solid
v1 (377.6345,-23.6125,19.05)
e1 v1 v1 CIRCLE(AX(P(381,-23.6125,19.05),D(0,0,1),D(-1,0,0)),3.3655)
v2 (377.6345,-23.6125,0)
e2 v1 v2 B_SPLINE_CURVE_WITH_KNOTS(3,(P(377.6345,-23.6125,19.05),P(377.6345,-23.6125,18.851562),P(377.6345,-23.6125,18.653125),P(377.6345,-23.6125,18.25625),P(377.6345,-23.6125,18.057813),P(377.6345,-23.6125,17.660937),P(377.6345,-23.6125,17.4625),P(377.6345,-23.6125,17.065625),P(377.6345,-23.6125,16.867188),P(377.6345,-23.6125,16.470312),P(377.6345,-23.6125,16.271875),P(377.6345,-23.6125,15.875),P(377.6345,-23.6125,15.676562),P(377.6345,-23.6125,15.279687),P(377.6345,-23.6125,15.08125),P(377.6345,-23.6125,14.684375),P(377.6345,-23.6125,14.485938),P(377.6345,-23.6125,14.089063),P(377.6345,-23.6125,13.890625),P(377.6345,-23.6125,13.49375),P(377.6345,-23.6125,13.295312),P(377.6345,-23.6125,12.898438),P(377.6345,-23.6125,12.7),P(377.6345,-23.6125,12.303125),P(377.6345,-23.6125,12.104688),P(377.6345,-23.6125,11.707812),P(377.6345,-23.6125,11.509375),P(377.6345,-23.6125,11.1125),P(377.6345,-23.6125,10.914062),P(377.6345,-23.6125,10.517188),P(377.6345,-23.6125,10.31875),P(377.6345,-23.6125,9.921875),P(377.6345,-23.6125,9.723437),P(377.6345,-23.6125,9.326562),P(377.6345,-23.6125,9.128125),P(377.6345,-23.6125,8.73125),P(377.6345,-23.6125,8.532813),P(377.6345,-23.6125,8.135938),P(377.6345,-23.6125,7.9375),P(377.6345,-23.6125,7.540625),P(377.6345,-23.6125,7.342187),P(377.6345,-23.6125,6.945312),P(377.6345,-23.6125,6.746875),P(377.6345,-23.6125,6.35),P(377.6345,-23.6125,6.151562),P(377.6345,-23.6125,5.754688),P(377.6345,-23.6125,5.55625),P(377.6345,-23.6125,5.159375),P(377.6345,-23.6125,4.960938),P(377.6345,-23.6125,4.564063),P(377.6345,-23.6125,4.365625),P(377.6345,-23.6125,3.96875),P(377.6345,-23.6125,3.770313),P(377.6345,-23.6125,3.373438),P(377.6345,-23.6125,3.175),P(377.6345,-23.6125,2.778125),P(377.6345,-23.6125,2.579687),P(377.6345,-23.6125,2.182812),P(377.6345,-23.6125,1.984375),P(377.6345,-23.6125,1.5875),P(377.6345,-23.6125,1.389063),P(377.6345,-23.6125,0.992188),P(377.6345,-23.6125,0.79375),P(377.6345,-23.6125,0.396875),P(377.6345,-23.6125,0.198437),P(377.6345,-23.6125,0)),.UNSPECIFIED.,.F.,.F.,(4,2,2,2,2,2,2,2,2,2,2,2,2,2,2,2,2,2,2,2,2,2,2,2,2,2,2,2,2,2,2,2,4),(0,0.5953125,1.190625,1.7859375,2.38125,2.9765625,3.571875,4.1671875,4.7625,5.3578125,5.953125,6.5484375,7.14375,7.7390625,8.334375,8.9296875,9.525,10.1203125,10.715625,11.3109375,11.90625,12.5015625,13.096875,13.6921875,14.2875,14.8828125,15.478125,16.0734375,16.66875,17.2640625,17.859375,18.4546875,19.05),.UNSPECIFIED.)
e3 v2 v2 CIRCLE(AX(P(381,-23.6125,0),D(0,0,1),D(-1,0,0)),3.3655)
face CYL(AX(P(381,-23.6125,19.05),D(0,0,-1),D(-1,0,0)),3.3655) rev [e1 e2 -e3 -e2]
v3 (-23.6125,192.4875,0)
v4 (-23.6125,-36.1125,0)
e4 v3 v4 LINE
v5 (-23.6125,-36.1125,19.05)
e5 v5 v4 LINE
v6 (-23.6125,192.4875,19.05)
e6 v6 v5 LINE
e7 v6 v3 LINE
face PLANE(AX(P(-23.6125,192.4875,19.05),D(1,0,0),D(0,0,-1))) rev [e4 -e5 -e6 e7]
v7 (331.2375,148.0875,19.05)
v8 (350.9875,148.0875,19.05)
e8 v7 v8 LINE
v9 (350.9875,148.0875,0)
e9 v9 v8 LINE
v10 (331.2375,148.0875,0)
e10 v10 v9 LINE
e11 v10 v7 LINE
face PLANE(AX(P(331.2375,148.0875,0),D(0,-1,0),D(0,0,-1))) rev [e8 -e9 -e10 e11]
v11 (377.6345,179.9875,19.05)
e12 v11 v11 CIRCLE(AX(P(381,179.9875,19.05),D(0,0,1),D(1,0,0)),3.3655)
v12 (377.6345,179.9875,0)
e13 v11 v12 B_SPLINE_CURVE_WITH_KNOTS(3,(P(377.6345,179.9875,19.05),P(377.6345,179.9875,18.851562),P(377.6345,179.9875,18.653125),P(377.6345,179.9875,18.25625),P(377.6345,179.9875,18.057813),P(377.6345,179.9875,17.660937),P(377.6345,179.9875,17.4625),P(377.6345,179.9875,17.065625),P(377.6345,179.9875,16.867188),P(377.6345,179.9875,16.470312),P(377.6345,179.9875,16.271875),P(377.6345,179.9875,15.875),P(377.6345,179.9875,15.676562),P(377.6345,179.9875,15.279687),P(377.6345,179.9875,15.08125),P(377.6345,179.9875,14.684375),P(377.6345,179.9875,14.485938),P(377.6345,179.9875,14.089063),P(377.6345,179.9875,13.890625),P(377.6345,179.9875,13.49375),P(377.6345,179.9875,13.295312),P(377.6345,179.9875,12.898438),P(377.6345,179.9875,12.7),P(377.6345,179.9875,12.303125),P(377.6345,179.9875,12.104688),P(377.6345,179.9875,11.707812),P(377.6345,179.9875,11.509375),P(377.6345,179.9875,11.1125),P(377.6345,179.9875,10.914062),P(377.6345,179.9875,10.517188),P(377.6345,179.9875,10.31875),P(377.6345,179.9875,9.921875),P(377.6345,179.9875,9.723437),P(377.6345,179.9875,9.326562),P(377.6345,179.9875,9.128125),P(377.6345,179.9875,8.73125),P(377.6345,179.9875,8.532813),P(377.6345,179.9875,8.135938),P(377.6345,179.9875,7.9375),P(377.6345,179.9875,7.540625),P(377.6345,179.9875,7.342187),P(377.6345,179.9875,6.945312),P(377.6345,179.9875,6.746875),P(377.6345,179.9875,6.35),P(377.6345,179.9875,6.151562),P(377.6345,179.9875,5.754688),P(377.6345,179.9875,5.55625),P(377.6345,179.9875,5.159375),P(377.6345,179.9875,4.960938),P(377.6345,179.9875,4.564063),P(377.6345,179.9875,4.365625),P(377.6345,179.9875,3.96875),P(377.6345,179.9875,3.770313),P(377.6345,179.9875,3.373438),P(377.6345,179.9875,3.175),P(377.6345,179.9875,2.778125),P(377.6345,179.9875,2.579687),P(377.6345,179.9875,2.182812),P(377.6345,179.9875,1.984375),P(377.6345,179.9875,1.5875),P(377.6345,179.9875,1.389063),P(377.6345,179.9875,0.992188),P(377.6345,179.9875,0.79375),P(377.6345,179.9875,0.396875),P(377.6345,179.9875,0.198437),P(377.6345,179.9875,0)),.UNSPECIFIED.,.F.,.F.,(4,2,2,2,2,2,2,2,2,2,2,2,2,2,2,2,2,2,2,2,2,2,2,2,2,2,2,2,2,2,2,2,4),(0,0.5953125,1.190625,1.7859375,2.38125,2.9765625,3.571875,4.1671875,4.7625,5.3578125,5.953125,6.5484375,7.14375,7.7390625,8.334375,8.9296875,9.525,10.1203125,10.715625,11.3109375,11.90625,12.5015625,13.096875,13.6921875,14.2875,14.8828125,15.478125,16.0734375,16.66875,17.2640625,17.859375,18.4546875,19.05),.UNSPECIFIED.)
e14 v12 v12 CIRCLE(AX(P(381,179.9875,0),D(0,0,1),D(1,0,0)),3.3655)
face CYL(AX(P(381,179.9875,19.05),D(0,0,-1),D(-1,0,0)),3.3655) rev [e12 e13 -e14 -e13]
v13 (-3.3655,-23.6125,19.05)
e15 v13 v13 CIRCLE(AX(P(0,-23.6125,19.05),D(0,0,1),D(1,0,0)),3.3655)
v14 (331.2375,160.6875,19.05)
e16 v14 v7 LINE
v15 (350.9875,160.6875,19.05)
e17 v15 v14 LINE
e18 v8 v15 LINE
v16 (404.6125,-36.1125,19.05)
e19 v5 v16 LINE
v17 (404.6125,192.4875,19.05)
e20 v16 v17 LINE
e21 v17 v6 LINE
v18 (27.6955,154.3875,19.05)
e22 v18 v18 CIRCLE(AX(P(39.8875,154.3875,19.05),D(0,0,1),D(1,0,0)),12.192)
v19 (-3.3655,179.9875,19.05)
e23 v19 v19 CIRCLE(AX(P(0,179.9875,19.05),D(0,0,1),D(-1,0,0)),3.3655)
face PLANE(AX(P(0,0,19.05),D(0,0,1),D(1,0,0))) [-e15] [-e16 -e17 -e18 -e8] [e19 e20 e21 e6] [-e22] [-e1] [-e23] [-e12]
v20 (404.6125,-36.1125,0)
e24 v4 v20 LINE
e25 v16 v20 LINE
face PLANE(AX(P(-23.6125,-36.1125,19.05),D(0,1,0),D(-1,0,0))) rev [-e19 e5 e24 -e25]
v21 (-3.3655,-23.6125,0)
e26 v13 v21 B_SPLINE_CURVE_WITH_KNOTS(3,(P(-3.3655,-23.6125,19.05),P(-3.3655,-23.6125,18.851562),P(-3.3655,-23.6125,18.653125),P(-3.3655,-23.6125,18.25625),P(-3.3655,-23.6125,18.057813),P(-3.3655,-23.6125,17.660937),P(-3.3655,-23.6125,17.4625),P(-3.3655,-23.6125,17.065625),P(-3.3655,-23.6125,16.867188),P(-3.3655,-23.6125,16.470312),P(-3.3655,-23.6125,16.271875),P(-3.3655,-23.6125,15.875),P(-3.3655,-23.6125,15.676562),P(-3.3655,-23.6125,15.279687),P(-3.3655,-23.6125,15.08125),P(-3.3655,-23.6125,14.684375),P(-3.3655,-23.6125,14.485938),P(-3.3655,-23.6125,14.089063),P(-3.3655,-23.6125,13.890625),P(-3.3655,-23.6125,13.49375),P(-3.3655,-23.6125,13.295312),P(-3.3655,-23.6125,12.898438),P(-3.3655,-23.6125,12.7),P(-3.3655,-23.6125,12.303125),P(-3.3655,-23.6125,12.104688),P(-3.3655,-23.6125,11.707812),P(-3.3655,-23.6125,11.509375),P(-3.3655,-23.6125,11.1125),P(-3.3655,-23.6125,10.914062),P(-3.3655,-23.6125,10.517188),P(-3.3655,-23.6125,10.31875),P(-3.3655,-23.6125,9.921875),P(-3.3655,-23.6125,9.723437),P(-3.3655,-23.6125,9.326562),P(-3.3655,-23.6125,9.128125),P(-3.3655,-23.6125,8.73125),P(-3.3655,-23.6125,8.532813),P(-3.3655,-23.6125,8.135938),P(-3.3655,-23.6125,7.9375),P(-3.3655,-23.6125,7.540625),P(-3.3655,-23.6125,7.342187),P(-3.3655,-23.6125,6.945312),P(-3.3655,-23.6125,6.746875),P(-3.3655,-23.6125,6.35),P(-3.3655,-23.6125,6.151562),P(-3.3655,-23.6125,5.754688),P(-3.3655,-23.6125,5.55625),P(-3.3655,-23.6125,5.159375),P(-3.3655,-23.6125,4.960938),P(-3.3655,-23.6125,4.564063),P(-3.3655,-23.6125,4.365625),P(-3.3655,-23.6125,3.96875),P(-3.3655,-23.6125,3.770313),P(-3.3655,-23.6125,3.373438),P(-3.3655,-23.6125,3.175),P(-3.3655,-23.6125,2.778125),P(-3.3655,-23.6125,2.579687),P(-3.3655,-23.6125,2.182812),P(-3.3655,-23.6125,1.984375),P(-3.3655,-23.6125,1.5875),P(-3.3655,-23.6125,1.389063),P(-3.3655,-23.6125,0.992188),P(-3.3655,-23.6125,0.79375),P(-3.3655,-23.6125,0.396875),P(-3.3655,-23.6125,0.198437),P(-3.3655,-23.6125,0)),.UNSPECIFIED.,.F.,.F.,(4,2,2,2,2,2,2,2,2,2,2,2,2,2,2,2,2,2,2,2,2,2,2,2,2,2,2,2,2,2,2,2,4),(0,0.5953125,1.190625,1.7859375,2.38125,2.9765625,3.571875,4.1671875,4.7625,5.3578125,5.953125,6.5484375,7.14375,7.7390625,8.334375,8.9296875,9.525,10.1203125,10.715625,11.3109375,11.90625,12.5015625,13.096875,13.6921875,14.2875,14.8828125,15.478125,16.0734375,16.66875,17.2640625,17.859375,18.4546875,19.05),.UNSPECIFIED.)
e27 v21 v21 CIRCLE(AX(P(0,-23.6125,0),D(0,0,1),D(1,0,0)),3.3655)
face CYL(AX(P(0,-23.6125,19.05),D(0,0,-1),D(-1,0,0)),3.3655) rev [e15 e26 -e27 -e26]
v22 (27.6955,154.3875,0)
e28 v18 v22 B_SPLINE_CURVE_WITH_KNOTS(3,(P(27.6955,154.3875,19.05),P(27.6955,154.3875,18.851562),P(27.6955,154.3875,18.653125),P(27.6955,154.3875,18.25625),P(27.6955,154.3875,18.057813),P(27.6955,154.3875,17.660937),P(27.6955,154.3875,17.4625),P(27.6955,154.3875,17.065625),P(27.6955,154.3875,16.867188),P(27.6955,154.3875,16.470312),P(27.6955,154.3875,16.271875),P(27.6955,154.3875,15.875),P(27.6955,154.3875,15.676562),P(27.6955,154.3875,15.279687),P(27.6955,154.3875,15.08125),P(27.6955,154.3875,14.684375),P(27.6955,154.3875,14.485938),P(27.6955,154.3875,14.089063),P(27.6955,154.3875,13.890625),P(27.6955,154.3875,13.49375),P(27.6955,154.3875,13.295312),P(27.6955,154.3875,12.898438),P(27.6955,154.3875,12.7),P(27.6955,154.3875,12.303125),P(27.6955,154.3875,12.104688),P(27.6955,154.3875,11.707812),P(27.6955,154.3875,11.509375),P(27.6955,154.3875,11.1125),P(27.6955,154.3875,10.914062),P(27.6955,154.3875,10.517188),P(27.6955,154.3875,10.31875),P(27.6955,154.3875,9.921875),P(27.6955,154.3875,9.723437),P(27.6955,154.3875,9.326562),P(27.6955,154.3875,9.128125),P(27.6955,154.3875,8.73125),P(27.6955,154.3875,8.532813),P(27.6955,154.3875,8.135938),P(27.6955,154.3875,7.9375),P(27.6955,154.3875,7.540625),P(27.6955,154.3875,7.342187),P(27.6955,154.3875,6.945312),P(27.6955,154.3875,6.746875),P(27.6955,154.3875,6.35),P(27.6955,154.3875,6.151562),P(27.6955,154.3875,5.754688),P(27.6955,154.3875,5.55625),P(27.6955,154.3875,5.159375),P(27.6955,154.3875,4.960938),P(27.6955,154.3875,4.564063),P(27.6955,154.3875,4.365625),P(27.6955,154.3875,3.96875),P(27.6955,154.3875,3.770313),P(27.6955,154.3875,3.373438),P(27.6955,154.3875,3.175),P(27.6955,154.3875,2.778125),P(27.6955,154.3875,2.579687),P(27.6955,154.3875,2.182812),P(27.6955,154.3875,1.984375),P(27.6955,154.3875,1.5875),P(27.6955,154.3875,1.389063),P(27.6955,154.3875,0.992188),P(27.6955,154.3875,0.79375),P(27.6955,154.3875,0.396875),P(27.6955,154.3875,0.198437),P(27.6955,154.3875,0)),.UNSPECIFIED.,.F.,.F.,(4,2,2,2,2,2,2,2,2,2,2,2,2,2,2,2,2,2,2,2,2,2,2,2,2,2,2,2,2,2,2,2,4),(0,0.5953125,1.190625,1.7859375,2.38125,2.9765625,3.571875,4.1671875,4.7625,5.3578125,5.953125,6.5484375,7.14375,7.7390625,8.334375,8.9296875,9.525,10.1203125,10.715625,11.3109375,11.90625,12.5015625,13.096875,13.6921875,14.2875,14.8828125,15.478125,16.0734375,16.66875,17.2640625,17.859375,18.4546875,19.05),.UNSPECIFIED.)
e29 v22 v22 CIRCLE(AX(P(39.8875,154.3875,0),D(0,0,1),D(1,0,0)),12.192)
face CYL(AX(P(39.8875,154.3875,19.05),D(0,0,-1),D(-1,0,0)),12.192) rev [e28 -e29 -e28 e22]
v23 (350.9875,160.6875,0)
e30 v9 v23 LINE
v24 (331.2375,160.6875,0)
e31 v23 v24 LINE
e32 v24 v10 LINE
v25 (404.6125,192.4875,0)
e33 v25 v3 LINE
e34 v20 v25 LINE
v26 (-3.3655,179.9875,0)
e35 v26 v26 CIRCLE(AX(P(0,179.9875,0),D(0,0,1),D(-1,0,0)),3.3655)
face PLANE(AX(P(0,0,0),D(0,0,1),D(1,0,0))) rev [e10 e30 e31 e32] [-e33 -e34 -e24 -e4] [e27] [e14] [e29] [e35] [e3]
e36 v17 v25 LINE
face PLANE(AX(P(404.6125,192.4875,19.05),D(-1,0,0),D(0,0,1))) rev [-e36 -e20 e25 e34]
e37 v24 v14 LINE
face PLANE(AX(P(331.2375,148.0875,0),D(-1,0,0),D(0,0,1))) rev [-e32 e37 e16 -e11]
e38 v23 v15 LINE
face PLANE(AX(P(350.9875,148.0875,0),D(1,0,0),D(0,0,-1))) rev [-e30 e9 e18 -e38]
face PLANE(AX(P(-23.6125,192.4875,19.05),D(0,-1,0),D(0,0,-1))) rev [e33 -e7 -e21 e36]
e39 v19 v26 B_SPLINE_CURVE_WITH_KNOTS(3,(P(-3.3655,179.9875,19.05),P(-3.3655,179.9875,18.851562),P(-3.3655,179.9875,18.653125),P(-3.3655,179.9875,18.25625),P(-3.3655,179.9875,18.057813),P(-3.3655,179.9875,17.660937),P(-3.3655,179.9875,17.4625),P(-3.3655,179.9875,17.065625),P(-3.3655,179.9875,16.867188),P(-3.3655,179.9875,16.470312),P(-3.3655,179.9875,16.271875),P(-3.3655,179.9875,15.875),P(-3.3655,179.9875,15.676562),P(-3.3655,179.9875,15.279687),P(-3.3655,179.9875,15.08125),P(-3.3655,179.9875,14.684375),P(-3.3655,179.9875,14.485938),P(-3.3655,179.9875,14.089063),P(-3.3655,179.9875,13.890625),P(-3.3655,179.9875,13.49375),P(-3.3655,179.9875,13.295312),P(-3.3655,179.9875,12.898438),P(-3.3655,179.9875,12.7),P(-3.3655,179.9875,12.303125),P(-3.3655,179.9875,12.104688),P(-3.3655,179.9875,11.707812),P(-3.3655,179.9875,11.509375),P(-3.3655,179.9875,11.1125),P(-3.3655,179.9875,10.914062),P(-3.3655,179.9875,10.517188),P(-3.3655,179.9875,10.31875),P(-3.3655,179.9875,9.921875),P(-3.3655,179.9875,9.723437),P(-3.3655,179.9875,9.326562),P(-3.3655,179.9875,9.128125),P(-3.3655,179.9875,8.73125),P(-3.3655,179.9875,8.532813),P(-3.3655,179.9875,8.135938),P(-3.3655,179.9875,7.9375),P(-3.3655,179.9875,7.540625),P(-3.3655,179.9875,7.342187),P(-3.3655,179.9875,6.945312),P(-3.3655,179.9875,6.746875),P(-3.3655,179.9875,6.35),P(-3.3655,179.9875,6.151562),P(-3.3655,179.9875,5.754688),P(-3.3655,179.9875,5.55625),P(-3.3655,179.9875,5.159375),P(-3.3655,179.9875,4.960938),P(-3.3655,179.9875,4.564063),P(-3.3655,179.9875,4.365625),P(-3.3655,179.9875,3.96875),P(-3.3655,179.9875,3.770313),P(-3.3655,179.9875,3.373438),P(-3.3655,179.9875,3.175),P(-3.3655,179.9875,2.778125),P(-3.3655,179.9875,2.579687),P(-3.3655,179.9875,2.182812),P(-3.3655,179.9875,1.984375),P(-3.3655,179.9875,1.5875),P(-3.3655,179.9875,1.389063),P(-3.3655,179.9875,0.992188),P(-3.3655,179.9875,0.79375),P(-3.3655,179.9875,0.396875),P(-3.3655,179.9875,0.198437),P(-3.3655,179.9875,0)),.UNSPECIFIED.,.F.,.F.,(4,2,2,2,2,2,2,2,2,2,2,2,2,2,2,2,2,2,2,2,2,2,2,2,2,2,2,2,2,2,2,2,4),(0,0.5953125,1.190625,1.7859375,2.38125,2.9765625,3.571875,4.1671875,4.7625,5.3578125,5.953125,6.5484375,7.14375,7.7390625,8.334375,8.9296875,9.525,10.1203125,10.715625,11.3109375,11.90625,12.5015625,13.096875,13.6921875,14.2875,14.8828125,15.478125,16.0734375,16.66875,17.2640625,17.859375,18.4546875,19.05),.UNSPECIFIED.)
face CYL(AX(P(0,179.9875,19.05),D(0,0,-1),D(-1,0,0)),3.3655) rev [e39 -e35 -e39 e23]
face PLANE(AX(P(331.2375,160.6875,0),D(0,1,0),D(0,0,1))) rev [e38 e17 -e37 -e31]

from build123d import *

# Parameters (mm, degrees)
SKETCH1_W           = 428.225
SKETCH1_H           = 228.6
SKETCH1_R           = 3.3655
SKETCH1_R_2         = 12.192
BOSS_EXTRUDE1_DEPTH = 19.05
SKETCH2_W           = 19.75
SKETCH2_H           = 12.6
CUT_EXTRUDE1_DEPTH  = 449.470305943


with BuildPart() as part:
    # Sketch1 → Boss-Extrude1 (new body)
    with BuildSketch(Plane.XY):
        with Locations((190.5, 78.1875)):
            Rectangle(SKETCH1_W, SKETCH1_H)
        with Locations(Location((0, -23.6125, 0), (0, 0, 180))):
            Circle(SKETCH1_R, mode=Mode.SUBTRACT)
        with Locations(Location((381, -23.6125, 0), (0, 0, 180))):
            Circle(SKETCH1_R, mode=Mode.SUBTRACT)
        with Locations(Location((381, 179.9875, 0), (0, 0, 180))):
            Circle(SKETCH1_R, mode=Mode.SUBTRACT)
        with Locations(Location((0, 179.9875, 0), (0, 0, 180))):
            Circle(SKETCH1_R, mode=Mode.SUBTRACT)
        with Locations(Location((39.8875, 154.3875, 0), (0, 0, 180))):
            Circle(SKETCH1_R_2, mode=Mode.SUBTRACT)
    extrude(amount=BOSS_EXTRUDE1_DEPTH)

    # Sketch2 → Cut-Extrude1 (cut, through all)
    with BuildSketch(Plane.XY.offset(19.05)):
        with Locations((341.1125, 154.3875)):
            Rectangle(SKETCH2_W, SKETCH2_H)
    extrude(amount=-CUT_EXTRUDE1_DEPTH, mode=Mode.SUBTRACT)


solid = part.part
